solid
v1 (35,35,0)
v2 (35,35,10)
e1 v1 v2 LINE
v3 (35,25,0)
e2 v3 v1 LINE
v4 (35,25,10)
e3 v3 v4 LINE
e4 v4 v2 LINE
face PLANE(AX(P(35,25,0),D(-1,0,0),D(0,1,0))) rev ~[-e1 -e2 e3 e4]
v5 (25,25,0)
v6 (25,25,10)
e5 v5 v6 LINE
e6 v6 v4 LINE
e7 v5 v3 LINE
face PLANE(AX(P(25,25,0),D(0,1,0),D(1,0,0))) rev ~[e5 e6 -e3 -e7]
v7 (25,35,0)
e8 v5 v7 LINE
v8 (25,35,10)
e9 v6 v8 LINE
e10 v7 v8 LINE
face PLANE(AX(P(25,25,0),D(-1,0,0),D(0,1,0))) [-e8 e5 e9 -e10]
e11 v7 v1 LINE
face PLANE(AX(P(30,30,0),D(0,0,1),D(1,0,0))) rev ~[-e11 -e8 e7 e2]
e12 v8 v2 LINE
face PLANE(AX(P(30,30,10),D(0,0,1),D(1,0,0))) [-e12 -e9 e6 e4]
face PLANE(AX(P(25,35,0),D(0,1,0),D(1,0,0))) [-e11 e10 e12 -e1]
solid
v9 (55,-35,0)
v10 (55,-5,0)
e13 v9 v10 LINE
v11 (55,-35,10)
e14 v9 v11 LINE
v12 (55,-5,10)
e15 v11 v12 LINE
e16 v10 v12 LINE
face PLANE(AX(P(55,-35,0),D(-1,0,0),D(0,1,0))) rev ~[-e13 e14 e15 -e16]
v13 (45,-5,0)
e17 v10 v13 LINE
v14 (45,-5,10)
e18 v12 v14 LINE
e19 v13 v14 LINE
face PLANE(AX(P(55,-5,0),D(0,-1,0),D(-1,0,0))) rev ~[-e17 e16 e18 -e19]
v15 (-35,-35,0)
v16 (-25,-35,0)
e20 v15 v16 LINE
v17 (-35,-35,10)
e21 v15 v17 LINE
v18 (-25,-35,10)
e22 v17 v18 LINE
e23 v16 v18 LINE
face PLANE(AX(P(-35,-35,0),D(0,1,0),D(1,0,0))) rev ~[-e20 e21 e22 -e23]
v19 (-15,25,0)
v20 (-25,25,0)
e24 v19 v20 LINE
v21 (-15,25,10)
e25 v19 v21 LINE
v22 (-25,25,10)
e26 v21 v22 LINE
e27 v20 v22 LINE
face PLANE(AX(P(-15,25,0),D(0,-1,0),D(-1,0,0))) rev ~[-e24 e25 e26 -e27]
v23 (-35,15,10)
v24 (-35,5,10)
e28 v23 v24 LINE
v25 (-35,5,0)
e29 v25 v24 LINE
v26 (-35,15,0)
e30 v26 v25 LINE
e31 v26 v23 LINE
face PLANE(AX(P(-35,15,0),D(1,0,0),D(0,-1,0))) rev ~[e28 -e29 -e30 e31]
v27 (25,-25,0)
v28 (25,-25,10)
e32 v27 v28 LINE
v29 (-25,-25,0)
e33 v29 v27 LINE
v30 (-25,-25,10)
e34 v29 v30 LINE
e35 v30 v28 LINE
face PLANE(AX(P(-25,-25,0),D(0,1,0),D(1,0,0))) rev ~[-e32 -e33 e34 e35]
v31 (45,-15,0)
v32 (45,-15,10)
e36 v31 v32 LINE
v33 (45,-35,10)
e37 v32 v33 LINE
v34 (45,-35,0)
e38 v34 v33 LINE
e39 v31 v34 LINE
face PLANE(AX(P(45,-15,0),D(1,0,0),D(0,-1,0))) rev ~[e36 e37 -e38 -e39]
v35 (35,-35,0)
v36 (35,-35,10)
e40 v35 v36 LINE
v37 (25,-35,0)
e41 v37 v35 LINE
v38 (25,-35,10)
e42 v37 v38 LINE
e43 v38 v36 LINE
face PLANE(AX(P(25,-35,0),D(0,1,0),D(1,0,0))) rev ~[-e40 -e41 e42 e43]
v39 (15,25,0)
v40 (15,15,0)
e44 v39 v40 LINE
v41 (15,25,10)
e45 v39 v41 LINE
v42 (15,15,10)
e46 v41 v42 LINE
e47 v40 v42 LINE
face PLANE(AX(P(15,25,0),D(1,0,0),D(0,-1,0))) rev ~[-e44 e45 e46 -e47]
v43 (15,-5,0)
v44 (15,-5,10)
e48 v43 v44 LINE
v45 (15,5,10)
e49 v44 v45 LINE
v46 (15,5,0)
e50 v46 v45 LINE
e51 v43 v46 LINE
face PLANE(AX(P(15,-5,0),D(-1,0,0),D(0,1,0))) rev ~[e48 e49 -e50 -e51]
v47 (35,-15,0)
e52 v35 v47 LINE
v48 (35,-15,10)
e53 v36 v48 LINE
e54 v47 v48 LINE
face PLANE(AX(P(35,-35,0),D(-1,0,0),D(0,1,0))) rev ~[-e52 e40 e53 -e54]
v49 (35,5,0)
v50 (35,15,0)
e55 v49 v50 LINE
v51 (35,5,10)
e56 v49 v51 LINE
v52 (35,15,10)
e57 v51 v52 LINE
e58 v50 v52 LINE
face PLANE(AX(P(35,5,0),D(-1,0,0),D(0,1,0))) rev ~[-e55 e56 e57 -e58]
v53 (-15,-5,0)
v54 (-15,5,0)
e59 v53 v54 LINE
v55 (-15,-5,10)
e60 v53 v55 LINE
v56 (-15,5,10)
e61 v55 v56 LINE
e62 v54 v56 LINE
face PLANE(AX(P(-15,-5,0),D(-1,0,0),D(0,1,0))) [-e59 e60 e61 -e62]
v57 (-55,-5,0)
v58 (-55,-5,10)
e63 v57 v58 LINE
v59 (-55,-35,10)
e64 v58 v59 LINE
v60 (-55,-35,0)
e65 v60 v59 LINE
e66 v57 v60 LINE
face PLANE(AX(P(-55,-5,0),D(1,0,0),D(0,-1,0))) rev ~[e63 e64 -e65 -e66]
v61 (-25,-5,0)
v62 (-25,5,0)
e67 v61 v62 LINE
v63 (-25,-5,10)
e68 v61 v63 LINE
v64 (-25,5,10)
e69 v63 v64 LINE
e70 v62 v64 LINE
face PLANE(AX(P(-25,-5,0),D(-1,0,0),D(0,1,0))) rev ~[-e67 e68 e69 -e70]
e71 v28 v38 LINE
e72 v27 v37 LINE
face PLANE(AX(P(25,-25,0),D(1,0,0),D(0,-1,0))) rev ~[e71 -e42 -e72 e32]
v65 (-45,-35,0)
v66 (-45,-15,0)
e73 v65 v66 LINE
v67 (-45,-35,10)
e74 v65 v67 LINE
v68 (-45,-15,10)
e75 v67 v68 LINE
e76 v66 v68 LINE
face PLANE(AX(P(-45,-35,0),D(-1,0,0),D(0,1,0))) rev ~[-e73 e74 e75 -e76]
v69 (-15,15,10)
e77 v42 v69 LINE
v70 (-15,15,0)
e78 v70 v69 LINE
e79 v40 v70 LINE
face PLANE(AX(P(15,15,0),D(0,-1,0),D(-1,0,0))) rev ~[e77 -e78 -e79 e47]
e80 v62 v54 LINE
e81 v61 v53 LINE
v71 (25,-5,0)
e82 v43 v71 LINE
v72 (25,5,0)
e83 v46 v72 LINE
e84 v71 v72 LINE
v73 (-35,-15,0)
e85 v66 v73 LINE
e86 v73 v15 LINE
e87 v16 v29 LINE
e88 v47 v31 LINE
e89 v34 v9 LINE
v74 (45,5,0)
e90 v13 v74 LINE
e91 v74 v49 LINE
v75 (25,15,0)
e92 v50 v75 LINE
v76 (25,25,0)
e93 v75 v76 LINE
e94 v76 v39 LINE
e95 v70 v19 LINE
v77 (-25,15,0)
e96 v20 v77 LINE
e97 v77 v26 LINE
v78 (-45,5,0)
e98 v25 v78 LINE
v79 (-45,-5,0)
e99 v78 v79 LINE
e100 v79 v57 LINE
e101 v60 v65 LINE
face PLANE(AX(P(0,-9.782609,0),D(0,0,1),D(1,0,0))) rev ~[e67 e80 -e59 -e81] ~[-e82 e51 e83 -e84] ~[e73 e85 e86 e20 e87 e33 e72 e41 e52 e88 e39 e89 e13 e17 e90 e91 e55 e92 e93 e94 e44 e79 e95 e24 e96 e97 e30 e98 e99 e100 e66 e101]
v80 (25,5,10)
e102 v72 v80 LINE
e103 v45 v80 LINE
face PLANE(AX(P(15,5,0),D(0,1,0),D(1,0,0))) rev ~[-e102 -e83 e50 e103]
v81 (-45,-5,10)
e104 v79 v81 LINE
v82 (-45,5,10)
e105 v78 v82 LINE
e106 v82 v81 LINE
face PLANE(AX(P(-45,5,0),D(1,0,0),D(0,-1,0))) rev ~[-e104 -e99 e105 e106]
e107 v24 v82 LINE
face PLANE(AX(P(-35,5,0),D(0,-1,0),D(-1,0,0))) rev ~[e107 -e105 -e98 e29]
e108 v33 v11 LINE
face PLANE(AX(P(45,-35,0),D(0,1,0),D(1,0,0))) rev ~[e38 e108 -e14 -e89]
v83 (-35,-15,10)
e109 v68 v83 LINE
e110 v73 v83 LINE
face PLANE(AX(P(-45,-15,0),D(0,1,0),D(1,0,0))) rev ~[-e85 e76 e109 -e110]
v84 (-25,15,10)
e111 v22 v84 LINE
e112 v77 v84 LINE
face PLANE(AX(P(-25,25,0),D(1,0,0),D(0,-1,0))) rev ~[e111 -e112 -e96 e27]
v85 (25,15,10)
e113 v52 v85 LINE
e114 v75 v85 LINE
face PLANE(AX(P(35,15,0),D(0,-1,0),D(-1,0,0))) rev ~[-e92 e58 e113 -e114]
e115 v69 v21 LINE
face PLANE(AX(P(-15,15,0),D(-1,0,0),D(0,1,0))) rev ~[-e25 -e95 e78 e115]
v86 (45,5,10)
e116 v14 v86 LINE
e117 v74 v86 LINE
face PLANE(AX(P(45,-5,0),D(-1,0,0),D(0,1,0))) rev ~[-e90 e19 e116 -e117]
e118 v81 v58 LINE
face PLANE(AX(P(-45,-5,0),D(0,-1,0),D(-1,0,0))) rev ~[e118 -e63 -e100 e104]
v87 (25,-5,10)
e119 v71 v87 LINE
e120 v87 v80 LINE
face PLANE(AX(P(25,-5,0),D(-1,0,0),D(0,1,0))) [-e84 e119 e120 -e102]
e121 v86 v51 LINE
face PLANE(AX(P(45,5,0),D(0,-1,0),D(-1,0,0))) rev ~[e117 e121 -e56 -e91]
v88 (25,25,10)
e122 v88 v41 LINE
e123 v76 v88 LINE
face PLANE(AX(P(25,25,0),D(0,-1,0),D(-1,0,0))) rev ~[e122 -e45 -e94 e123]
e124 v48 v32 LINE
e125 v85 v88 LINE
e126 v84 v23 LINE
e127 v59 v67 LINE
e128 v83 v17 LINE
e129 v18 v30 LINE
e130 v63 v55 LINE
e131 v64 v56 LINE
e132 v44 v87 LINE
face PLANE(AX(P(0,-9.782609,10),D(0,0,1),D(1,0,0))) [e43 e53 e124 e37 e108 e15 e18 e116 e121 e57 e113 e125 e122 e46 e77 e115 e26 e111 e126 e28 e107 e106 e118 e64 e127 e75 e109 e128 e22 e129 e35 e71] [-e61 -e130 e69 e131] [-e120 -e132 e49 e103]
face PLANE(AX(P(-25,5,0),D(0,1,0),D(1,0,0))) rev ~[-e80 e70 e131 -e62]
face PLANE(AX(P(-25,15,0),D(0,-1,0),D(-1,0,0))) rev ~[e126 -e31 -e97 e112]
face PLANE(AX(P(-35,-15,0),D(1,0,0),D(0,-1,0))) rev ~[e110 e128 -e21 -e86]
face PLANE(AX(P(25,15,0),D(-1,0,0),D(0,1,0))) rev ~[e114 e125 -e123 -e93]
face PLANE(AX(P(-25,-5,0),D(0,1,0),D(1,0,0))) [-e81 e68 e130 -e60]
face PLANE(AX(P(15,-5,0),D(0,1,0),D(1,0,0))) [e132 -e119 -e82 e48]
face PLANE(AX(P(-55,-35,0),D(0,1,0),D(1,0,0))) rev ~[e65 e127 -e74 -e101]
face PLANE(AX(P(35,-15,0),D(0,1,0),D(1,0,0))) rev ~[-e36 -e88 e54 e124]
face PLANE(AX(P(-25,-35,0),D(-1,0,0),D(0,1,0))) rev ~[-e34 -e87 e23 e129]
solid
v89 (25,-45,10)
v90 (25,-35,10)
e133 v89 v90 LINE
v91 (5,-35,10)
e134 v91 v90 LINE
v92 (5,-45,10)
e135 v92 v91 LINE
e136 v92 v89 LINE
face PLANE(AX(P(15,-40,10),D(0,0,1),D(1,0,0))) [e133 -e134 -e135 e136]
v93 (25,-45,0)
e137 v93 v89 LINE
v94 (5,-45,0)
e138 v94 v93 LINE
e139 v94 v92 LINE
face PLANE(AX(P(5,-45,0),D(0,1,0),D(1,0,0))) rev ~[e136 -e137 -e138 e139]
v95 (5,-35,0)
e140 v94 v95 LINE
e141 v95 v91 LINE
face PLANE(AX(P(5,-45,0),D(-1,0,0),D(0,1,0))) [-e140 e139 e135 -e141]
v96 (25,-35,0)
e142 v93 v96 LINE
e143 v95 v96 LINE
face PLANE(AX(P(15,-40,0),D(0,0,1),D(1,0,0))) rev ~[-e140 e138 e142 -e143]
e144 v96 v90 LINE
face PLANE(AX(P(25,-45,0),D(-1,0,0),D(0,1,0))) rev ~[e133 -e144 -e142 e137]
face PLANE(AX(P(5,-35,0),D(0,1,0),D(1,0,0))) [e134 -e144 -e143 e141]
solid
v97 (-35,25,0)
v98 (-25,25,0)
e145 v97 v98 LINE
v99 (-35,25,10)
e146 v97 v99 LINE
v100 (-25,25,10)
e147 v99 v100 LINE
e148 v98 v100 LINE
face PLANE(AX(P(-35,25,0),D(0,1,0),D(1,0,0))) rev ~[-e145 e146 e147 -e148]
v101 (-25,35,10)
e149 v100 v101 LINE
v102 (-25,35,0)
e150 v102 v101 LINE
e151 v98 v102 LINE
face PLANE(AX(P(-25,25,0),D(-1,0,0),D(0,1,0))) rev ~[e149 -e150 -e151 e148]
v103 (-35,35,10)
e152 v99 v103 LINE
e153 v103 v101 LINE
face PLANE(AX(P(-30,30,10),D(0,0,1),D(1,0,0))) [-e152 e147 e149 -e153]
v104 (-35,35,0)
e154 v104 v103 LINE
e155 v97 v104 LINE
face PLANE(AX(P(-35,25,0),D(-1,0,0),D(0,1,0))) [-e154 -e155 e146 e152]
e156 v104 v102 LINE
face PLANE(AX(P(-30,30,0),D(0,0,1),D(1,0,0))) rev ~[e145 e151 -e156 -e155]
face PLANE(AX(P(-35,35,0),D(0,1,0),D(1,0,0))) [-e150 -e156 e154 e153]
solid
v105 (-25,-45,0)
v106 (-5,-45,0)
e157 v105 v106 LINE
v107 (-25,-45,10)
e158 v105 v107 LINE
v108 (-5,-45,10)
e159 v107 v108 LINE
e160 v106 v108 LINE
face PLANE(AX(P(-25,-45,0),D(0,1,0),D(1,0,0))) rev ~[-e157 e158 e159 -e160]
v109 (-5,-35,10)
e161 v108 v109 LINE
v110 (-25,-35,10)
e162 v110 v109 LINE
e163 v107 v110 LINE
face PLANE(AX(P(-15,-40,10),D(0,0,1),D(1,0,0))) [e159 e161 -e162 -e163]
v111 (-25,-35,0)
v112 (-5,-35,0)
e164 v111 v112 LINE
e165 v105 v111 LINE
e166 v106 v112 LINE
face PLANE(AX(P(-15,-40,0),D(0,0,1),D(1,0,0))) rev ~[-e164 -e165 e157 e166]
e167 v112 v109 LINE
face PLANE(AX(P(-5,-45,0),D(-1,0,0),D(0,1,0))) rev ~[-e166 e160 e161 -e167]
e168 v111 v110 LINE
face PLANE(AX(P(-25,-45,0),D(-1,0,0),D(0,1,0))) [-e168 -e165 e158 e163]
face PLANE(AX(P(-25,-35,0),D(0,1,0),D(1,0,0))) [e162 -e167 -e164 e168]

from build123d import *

# Parameters (mm, degrees)
F0_W     = 10
F0_H     = 10
F0_W_2   = 20
F1_DEPTH = 10


with BuildPart() as f1:
    # F0 (on Top) → F1 (new body)
    with BuildSketch(Plane.XY):
        Polygon((15, 15), (-15, 15), (-15, 25), (-25, 25), (-25, 15), (-35, 15), (-35, 5), (-45, 5), (-45, -5), (-55, -5), (-55, -35), (-45, -35), (-45, -15), (-35, -15), (-35, -35), (-25, -35), (-25, -25), (25, -25), (25, -35), (35, -35), (35, -15), (45, -15), (45, -35), (55, -35), (55, -5), (45, -5), (45, 5), (35, 5), (35, 15), (25, 15), (25, 25), (15, 25), align=None)
        with Locations((-20, 0)):
            Rectangle(F0_W, F0_H, mode=Mode.SUBTRACT)
        with Locations((20, 0)):
            Rectangle(F0_W, F0_H, mode=Mode.SUBTRACT)
        with Locations((-30, 30)):
            Rectangle(F0_W, F0_H)
        with Locations((-15, -40)):
            Rectangle(F0_W_2, F0_H)
        with Locations((30, 30)):
            Rectangle(F0_W, F0_H)
        with Locations((15, -40)):
            Rectangle(F0_W_2, F0_H)
    extrude(amount=F1_DEPTH)


solid = f1.part
